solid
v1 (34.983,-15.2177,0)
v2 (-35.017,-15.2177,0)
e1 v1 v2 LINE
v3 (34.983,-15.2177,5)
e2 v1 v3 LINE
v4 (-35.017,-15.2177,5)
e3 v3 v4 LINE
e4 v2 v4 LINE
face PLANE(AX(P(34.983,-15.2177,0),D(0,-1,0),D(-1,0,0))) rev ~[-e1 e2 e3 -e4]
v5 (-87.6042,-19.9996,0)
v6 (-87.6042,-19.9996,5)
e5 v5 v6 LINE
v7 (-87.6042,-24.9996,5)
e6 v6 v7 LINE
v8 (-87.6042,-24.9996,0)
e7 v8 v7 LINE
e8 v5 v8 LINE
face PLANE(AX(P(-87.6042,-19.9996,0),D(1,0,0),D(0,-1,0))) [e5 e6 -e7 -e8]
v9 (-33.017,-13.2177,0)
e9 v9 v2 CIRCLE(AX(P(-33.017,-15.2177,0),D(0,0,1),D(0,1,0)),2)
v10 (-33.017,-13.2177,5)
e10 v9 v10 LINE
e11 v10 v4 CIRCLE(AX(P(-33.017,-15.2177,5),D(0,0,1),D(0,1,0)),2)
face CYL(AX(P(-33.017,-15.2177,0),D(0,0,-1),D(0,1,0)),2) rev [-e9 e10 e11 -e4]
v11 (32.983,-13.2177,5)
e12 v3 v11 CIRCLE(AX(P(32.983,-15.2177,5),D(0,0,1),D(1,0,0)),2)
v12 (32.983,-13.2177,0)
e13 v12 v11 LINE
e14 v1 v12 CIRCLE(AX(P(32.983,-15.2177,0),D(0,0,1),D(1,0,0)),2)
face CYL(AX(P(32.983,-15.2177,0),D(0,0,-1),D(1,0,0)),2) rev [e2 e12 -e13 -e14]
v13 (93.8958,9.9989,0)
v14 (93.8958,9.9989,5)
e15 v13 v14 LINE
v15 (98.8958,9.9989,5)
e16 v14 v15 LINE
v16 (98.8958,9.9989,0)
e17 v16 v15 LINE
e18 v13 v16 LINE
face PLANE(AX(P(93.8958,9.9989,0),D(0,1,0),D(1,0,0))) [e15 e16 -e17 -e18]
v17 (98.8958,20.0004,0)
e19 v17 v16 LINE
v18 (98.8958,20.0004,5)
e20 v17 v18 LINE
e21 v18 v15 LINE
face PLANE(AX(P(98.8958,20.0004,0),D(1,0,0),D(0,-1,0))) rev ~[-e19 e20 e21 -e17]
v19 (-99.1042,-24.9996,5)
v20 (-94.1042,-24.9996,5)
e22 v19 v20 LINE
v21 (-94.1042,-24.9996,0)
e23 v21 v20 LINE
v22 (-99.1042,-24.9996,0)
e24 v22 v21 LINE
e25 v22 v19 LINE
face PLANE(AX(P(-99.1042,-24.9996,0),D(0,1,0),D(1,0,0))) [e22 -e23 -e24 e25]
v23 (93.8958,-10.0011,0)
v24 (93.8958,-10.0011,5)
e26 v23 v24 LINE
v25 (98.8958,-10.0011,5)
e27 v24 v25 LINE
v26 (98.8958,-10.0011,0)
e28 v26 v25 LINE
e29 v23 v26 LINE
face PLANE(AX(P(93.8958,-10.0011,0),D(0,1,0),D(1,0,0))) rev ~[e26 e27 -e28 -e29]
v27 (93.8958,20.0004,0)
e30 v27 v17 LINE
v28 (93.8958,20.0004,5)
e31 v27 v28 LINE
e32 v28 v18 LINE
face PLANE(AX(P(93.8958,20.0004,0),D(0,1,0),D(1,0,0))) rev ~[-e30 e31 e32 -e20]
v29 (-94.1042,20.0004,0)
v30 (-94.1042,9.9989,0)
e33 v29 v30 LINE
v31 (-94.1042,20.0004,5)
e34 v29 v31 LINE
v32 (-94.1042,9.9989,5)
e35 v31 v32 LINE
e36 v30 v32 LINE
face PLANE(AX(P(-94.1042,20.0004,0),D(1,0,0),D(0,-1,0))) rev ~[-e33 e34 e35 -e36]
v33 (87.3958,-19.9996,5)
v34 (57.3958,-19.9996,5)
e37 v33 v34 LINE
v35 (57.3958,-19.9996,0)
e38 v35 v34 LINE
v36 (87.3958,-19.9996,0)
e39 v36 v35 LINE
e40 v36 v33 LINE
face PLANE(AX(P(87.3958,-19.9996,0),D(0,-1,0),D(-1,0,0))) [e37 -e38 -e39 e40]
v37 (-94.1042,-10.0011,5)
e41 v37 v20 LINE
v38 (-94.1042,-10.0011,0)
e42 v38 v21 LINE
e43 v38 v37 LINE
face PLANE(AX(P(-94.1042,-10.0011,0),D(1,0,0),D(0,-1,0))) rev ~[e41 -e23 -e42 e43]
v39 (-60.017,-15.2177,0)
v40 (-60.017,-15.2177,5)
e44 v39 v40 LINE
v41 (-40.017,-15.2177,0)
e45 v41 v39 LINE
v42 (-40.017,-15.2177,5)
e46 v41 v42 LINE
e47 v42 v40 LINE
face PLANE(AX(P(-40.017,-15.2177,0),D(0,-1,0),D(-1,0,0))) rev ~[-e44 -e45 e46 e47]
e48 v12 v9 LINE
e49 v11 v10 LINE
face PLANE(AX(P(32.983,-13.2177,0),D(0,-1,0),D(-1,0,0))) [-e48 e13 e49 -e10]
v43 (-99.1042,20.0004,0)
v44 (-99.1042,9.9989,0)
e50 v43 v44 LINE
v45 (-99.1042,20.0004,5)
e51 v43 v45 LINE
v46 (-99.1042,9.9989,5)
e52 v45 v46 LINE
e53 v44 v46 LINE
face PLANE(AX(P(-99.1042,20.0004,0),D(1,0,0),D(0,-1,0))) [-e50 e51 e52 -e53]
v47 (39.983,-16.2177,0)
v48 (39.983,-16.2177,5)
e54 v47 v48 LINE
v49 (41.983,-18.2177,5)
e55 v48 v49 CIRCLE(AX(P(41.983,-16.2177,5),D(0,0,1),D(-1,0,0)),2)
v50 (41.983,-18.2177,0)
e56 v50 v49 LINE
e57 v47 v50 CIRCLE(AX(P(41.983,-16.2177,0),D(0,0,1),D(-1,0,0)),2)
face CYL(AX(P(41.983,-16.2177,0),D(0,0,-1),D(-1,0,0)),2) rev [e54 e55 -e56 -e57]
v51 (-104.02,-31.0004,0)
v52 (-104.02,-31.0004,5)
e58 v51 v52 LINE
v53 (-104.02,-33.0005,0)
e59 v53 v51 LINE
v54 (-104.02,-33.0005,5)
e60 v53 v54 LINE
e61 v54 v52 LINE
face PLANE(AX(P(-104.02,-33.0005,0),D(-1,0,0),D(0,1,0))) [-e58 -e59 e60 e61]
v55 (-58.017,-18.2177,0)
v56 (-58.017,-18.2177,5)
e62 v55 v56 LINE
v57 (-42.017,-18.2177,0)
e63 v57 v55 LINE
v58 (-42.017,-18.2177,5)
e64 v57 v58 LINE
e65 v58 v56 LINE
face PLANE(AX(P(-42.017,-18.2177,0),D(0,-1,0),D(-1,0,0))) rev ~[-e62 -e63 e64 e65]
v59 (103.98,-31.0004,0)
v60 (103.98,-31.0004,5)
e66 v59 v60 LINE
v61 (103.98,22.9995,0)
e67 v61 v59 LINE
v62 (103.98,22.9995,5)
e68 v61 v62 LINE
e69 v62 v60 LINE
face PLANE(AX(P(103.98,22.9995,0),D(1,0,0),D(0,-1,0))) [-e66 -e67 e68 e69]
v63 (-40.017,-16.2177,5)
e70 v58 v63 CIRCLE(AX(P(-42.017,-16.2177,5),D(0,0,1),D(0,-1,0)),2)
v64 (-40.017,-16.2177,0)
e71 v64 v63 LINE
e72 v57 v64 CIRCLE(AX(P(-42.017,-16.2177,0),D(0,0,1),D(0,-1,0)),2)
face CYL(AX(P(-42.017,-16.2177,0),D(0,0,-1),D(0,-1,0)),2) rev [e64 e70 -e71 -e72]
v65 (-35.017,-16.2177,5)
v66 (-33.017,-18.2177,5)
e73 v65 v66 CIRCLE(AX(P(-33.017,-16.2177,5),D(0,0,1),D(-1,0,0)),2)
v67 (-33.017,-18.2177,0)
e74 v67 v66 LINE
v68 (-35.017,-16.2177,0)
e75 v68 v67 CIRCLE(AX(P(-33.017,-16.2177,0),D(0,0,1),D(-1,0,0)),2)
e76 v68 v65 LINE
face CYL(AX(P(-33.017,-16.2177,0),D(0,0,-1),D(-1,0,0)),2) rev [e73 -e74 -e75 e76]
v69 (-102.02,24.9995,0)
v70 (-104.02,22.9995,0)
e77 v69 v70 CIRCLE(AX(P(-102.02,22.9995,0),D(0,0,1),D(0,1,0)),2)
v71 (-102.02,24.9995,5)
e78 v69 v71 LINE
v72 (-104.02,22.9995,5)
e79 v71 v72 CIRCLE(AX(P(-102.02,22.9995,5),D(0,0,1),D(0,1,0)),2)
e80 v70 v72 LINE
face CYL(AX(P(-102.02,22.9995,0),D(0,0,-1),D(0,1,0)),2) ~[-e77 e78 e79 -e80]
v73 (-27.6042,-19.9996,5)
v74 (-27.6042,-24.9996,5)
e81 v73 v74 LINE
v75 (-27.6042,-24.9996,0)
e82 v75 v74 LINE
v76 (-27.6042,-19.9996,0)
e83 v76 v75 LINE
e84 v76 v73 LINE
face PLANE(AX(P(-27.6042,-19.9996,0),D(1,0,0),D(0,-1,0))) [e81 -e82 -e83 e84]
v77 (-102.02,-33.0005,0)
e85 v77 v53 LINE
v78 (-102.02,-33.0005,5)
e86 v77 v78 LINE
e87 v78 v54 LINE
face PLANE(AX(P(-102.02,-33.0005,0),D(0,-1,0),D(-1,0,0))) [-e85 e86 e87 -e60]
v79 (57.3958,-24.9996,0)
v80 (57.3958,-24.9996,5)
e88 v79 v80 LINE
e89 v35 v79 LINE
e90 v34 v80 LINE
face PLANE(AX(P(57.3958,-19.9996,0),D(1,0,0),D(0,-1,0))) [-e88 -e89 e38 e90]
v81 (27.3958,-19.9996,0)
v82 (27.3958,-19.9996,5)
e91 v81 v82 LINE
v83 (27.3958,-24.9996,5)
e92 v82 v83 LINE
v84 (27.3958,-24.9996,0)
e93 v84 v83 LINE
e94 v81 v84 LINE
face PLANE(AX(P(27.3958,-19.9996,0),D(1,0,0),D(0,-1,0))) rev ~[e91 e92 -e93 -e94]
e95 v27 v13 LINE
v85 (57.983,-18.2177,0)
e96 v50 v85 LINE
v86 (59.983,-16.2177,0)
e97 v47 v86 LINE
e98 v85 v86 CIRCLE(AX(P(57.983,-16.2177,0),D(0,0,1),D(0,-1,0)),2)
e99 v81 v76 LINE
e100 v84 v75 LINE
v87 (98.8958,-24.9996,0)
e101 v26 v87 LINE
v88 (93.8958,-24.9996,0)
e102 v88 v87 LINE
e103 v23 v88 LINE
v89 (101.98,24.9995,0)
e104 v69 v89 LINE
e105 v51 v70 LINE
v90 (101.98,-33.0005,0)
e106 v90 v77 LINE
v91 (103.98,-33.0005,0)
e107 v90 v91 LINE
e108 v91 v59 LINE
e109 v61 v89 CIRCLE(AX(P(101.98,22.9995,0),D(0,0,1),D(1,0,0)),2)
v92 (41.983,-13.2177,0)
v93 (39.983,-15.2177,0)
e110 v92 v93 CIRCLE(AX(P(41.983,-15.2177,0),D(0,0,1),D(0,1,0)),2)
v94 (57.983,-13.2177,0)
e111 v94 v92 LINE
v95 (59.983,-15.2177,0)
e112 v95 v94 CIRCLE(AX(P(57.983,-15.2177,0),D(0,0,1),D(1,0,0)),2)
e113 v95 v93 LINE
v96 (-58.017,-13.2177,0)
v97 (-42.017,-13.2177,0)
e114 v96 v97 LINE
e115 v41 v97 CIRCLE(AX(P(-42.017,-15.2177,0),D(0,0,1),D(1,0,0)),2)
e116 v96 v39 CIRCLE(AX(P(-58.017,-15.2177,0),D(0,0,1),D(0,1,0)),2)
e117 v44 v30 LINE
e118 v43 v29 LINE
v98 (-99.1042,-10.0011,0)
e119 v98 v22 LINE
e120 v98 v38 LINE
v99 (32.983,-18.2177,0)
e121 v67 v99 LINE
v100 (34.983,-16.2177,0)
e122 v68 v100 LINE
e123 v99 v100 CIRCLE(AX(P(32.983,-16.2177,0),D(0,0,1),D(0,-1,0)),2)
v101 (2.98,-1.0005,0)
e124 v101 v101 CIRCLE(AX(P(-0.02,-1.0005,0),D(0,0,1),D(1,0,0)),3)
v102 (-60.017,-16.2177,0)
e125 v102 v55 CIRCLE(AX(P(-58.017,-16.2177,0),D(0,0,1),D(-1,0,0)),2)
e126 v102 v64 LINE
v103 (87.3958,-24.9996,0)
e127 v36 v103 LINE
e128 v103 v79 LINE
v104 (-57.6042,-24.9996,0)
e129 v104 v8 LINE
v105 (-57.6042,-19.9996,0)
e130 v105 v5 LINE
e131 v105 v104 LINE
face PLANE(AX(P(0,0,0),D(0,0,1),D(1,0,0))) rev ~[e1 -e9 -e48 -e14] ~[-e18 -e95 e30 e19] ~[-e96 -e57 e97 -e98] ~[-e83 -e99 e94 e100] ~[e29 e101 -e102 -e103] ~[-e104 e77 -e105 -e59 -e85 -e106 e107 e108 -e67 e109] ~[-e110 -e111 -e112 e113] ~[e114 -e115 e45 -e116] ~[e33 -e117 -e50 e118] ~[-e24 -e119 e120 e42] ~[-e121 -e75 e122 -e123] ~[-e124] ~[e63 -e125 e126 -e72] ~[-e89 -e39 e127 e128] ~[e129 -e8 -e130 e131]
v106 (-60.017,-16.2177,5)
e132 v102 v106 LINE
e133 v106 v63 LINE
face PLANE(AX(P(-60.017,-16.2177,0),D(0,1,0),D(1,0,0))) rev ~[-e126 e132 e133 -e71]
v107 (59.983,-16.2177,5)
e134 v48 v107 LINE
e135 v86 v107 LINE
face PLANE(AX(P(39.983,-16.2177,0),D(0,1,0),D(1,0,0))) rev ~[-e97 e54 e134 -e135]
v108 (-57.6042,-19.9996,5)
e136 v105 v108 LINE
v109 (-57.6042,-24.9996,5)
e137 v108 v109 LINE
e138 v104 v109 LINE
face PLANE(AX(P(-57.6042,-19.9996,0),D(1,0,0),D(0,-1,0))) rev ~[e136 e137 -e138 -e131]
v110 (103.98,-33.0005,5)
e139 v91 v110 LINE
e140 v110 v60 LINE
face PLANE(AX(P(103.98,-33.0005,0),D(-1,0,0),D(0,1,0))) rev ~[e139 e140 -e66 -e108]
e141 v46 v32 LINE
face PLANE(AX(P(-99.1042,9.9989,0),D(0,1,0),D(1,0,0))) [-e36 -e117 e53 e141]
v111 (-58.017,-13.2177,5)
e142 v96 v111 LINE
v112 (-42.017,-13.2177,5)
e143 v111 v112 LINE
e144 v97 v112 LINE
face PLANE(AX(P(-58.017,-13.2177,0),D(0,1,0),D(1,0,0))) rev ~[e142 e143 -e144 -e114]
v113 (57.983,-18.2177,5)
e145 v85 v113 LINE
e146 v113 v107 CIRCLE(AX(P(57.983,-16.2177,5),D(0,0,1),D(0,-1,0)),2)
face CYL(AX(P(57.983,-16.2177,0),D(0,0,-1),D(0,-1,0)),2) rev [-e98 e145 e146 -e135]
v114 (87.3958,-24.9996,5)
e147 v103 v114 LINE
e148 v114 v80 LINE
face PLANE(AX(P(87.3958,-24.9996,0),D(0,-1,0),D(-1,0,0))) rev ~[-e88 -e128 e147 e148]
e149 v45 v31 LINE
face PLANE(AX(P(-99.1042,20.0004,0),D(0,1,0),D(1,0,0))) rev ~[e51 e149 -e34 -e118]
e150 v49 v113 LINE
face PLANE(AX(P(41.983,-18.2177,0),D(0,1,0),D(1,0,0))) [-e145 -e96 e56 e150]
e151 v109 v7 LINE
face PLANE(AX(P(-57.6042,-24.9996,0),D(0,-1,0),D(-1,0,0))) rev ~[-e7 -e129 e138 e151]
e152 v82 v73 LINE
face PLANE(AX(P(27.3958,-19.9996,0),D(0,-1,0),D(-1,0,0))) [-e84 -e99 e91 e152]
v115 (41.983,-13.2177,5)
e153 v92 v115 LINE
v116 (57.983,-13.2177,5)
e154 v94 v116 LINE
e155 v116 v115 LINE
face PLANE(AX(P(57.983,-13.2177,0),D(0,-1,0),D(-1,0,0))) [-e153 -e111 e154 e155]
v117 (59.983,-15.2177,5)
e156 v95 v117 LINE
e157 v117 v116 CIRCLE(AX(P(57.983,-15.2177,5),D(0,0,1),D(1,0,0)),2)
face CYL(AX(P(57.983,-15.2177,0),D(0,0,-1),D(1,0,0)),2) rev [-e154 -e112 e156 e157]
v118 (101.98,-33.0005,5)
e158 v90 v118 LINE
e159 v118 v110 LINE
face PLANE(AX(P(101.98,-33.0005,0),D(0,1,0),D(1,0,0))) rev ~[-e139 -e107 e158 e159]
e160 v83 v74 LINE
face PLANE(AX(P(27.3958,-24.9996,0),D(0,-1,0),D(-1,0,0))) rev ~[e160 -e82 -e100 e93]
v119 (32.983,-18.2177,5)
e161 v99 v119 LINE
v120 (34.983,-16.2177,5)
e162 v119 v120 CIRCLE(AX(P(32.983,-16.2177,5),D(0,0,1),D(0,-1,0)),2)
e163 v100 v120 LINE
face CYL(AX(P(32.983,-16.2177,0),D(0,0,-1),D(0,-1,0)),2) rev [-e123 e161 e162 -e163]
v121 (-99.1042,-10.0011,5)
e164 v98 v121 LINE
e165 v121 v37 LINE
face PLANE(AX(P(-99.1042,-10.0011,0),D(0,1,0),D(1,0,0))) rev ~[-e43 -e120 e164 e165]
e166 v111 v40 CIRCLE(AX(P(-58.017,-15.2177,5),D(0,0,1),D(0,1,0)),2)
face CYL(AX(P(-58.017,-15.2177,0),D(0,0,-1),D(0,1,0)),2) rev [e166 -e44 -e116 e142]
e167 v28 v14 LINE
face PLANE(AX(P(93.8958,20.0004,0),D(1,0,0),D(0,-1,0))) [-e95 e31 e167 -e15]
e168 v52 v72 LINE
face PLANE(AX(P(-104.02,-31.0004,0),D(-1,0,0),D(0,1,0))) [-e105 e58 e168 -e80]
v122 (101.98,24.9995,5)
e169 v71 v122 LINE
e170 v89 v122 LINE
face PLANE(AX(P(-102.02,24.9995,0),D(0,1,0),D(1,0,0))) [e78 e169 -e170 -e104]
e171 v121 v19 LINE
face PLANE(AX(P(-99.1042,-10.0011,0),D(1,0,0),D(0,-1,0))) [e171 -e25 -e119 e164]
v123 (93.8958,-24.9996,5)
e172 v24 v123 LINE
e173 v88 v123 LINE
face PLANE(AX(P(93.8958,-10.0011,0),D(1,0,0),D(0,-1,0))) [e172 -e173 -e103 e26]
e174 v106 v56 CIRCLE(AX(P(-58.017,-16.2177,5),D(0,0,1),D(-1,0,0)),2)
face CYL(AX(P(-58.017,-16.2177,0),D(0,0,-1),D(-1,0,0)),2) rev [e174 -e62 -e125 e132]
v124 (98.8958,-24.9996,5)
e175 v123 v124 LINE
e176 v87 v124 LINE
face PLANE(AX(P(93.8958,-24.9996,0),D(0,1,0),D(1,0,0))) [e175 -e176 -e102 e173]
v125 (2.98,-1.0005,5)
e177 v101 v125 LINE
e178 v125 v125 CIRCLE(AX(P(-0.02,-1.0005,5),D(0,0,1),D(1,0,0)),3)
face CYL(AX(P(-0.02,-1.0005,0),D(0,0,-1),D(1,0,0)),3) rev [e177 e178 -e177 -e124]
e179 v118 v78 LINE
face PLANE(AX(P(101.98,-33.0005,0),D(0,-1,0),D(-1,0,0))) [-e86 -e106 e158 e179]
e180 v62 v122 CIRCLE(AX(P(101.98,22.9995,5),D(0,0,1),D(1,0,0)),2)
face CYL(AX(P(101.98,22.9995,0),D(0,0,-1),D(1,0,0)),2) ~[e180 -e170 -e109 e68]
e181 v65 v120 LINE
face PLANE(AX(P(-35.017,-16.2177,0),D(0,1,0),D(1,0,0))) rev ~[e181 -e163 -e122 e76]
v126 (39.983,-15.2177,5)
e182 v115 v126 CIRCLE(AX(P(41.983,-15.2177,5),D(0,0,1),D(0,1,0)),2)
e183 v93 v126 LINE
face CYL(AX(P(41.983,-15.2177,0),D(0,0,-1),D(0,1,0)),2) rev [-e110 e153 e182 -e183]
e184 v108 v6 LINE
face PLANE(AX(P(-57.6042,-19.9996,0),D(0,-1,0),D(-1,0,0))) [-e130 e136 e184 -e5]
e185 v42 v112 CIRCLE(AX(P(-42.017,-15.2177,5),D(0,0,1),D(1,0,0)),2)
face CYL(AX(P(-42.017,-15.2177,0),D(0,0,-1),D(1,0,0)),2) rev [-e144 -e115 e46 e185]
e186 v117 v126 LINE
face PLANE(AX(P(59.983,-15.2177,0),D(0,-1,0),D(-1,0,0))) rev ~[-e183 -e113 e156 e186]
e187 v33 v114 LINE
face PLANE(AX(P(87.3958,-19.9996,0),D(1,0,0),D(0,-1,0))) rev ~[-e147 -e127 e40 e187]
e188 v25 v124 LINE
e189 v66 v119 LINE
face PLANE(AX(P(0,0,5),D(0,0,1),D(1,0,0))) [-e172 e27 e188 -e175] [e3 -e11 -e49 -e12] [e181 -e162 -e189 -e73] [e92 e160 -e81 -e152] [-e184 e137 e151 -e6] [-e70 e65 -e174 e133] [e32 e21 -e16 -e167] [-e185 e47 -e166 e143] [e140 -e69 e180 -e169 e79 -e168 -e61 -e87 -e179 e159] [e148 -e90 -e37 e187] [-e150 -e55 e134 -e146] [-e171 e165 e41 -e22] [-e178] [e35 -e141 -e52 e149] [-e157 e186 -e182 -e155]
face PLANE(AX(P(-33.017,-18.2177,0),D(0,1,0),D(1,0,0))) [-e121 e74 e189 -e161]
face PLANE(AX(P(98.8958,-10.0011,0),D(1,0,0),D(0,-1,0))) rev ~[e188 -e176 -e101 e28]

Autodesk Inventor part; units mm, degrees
ref_plane "YZ Plane" through (0, 0, 0) normal (1, 0, 0) x (0, 1, 0)
ref_plane "XZ Plane" through (0, 0, 0) normal (0, 1, 0) x (-1, 0, 0)
ref_plane "XY Plane" through (0, 0, 0) normal (0, 0, 1) x (1, 0, 0)
sketch "Sketch1" plane through (0, 0, 0) normal (0, 0, 1) x (1, 0, 0)
  line L0 (-102.02, 24.9995) -> (101.98, 24.9995)
  line L1 (103.98, 22.9995) -> (103.98, -31.0004)
  line L2 (101.98, -33.0005) -> (-102.02, -33.0005)
  line L3 (-104.02, -31.0004) -> (-104.02, 22.9995)
  arc A0 (-102.02, 24.9995) -> (-104.02, 22.9995) centre (-102.02, 22.9995) ccw
  arc A1 (103.98, 22.9995) -> (101.98, 24.9995) centre (101.98, 22.9995) ccw
  line L4 (101.98, -33.0005) -> (103.98, -33.0005)
  line L5 (103.98, -33.0005) -> (103.98, -31.0004)
  line L6 (-102.02, -33.0005) -> (-104.02, -33.0005)
  line L7 (-104.02, -33.0005) -> (-104.02, -31.0004)
  line L8 (57.983, -13.2177) -> (41.983, -13.2177)
  line L9 (41.983, -18.2177) -> (57.983, -18.2177)
  line L10 (-58.017, -13.2177) -> (-42.017, -13.2177)
  line L11 (-42.017, -18.2177) -> (-58.017, -18.2177)
  line L12 (32.983, -13.2177) -> (-33.017, -13.2177)
  line L13 (-33.017, -18.2177) -> (32.983, -18.2177)
  arc A2 (34.983, -15.2177) -> (32.983, -13.2177) centre (32.983, -15.2177) ccw
  arc A3 (-35.017, -16.2177) -> (-33.017, -18.2177) centre (-33.017, -16.2177) ccw
  arc A4 (-33.017, -13.2177) -> (-35.017, -15.2177) centre (-33.017, -15.2177) ccw
  arc A5 (-40.017, -15.2177) -> (-42.017, -13.2177) centre (-42.017, -15.2177) ccw
  arc A6 (-42.017, -18.2177) -> (-40.017, -16.2177) centre (-42.017, -16.2177) ccw
  arc A7 (-60.017, -16.2177) -> (-58.017, -18.2177) centre (-58.017, -16.2177) ccw
  arc A8 (-58.017, -13.2177) -> (-60.017, -15.2177) centre (-58.017, -15.2177) ccw
  arc A9 (39.983, -16.2177) -> (41.983, -18.2177) centre (41.983, -16.2177) ccw
  arc A10 (41.983, -13.2177) -> (39.983, -15.2177) centre (41.983, -15.2177) ccw
  arc A11 (59.983, -15.2177) -> (57.983, -13.2177) centre (57.983, -15.2177) ccw
  arc A12 (57.983, -18.2177) -> (59.983, -16.2177) centre (57.983, -16.2177) ccw
  arc A13 (32.983, -18.2177) -> (34.983, -16.2177) centre (32.983, -16.2177) ccw
  line L14 (59.983, -15.2177) -> (39.983, -15.2177)
  line L15 (39.983, -16.2177) -> (59.983, -16.2177)
  line L16 (34.983, -15.2177) -> (-35.017, -15.2177)
  line L17 (-35.017, -16.2177) -> (34.983, -16.2177)
  line L18 (-40.017, -15.2177) -> (-60.017, -15.2177)
  line L19 (-60.017, -16.2177) -> (-40.017, -16.2177)
  circle A14 centre (-0.02, -1.0005) radius 3
  line L20 (-99.1042, 20.0004) -> (-99.1042, 9.9989)
  line L21 (-99.1042, 9.9989) -> (-94.1042, 9.9989)
  line L22 (-94.1042, 20.0004) -> (-94.1042, 9.9989)
  line L23 (-99.1042, 20.0004) -> (-94.1042, 20.0004)
  line L24 (-99.1042, -10.0011) -> (-99.1042, -24.9996)
  line L25 (-99.1042, -24.9996) -> (-94.1042, -24.9996)
  line L26 (-94.1042, -10.0011) -> (-94.1042, -24.9996)
  line L27 (-99.1042, -10.0011) -> (-94.1042, -10.0011)
  line L28 (-57.6042, -19.9996) -> (-87.6042, -19.9996)
  line L29 (-87.6042, -19.9996) -> (-87.6042, -24.9996)
  line L30 (-57.6042, -24.9996) -> (-87.6042, -24.9996)
  line L31 (-57.6042, -19.9996) -> (-57.6042, -24.9996)
  line L32 (27.3958, -19.9996) -> (-27.6042, -19.9996)
  line L33 (-27.6042, -19.9996) -> (-27.6042, -24.9996)
  line L34 (27.3958, -24.9996) -> (-27.6042, -24.9996)
  line L35 (27.3958, -19.9996) -> (27.3958, -24.9996)
  line L36 (87.3958, -19.9996) -> (57.3958, -19.9996)
  line L37 (57.3958, -19.9996) -> (57.3958, -24.9996)
  line L38 (87.3958, -24.9996) -> (57.3958, -24.9996)
  line L39 (87.3958, -19.9996) -> (87.3958, -24.9996)
  line L40 (93.8958, -10.0011) -> (93.8958, -24.9996)
  line L41 (93.8958, -24.9996) -> (98.8958, -24.9996)
  line L42 (98.8958, -10.0011) -> (98.8958, -24.9996)
  line L43 (93.8958, -10.0011) -> (98.8958, -10.0011)
  line L44 (93.8958, 20.0004) -> (93.8958, 9.9989)
  line L45 (93.8958, 9.9989) -> (98.8958, 9.9989)
  line L46 (98.8958, 20.0004) -> (98.8958, 9.9989)
  line L47 (93.8958, 20.0004) -> (98.8958, 20.0004)
  point P0 (-54.9852, 11.8725)
  point P1 (-99.02, 24.9995)
  point P2 (-104.02, 19.9995)
  point P3 (103.98, 19.9995)
  point P4 (103.98, -28.0004)
  point P5 (98.98, -33.0005)
  point P6 (-99.02, -33.0005)
  point P7 (-104.02, -28.0004)
  point P8 (59.983, -13.2177)
  point P9 (59.983, -18.2177)
  point P10 (59.983, -16.2177)
extrude "Extrusion1" add sketch "Sketch1" along normal blind 5
properties part number "case top front" material "ABS Plastic"
